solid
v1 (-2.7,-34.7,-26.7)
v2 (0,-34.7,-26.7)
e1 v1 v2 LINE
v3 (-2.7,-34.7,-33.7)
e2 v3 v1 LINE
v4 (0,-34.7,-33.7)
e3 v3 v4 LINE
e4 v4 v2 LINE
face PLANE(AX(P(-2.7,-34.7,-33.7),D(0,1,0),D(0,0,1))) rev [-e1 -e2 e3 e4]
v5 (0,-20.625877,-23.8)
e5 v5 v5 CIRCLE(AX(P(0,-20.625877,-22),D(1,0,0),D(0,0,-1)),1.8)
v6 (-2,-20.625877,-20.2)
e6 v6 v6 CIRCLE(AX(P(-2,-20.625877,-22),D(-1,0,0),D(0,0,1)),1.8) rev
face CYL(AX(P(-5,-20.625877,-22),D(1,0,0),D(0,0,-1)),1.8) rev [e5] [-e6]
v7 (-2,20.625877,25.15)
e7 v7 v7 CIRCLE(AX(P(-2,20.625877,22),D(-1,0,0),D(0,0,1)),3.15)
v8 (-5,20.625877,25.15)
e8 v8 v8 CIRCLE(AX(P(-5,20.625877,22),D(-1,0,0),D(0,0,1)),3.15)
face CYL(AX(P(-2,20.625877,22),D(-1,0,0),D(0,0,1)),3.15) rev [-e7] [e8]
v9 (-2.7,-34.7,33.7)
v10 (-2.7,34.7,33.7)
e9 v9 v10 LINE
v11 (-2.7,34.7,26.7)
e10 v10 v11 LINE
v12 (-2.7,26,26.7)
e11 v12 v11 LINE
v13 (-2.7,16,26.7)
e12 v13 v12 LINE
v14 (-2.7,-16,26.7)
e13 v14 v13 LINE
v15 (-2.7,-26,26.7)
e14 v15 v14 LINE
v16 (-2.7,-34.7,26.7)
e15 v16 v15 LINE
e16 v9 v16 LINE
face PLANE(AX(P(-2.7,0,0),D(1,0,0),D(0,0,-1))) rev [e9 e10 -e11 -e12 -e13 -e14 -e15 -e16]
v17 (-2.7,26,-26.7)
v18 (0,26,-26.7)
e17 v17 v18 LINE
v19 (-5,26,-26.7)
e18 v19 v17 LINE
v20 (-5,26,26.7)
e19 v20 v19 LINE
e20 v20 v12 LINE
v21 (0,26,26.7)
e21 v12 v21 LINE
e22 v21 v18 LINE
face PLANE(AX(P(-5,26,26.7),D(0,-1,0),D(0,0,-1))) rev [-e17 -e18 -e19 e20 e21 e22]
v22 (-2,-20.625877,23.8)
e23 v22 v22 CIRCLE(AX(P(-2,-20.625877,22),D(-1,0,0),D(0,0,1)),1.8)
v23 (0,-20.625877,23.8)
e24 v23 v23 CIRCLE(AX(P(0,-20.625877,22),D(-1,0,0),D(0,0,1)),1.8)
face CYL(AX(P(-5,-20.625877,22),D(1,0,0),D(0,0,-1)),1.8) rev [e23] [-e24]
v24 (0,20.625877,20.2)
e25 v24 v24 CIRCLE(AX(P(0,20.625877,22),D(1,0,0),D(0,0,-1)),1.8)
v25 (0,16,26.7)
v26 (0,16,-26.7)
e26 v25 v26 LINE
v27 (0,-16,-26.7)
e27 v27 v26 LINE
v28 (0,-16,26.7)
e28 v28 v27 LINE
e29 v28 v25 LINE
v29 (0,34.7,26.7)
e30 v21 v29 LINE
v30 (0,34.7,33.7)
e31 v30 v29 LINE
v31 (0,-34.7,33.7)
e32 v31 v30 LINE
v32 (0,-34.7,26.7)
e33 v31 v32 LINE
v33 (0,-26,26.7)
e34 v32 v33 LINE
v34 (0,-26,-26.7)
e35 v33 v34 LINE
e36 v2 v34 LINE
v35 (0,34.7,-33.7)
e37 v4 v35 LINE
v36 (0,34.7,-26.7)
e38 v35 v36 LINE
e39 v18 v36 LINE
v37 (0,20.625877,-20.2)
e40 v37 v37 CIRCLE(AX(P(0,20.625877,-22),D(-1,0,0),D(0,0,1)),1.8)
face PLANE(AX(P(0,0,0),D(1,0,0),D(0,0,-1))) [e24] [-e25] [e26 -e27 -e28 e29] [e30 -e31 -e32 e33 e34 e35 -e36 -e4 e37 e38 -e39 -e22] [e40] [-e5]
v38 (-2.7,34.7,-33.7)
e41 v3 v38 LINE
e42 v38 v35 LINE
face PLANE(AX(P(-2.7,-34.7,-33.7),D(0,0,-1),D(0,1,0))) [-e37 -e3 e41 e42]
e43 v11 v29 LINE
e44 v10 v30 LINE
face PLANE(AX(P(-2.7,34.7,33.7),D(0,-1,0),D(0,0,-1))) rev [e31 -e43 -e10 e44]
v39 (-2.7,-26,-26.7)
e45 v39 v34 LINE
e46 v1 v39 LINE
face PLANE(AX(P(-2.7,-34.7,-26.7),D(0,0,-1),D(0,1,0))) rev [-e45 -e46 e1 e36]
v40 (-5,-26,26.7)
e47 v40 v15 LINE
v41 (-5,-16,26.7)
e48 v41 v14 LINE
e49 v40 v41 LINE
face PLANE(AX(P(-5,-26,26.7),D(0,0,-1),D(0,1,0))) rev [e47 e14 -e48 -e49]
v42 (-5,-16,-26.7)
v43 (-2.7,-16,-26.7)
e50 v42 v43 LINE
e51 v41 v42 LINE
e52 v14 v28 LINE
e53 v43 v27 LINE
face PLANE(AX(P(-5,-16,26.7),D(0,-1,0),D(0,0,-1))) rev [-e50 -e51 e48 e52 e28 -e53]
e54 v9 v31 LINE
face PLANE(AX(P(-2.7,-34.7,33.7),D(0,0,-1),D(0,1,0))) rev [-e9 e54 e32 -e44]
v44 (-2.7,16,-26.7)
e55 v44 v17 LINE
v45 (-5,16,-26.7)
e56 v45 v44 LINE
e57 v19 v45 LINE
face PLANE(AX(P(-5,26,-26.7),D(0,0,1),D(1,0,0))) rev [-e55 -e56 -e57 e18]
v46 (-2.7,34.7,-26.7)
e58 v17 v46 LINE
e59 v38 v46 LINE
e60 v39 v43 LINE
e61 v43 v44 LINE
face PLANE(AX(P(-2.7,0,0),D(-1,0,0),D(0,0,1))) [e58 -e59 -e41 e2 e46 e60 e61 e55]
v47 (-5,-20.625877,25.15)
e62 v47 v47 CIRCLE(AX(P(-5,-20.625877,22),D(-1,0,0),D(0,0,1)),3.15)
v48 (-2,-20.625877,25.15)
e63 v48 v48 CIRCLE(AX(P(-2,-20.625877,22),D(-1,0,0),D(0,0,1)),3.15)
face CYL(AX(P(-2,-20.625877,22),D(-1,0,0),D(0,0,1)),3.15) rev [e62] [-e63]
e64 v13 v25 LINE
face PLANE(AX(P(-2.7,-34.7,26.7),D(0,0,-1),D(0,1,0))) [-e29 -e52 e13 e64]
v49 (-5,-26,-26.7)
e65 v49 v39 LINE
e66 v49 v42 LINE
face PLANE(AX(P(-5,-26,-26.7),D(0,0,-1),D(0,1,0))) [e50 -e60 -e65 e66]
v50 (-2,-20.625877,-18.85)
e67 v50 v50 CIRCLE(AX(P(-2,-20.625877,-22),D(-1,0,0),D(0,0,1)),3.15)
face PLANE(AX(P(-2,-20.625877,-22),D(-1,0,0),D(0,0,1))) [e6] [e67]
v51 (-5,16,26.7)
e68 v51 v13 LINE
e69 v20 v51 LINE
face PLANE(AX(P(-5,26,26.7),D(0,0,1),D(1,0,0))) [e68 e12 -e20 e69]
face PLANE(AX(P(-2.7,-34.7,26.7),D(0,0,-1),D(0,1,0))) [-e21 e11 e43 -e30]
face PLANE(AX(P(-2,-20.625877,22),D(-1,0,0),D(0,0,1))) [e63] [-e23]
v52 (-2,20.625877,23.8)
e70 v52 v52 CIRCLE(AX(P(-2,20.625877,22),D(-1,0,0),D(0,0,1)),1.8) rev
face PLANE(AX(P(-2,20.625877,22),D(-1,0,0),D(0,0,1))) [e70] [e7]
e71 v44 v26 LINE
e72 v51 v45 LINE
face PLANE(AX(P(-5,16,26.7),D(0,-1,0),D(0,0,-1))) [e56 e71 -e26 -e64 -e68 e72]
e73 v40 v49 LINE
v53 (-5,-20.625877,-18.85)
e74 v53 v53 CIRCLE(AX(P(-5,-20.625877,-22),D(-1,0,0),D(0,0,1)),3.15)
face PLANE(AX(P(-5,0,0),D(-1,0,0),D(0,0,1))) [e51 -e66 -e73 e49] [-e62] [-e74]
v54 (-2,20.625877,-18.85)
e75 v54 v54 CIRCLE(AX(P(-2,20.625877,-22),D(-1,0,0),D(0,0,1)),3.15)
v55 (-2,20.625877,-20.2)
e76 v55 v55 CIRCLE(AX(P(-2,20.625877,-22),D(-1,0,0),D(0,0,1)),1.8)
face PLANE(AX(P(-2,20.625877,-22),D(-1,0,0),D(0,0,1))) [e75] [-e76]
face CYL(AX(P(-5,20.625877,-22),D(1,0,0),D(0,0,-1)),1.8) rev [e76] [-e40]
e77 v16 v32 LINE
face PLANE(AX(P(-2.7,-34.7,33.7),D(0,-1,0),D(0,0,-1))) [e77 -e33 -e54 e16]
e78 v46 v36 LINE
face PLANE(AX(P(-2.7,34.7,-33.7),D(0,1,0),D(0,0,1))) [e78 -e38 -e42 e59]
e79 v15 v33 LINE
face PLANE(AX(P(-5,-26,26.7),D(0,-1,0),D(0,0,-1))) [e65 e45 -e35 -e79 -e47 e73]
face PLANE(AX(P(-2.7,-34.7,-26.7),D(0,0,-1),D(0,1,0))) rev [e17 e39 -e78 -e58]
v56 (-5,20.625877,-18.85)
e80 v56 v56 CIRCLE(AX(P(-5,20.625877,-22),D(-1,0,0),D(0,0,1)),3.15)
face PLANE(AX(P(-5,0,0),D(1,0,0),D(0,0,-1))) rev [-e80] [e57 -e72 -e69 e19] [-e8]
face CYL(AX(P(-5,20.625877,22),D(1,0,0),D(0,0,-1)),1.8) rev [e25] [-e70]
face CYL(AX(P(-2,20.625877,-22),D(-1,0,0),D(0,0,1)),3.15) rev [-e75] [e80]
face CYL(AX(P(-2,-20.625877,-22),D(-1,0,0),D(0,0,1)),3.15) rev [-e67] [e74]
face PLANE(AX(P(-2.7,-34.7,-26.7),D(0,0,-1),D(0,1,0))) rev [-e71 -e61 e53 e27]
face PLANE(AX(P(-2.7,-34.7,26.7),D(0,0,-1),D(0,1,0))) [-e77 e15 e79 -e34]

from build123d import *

# Parameters (mm, degrees)
SKETCH1_W             = 7
SKETCH1_H             = 69.4
BOSS_EXTRUDE1_DEPTH   = 2.7
BOSS_EXTRUDE1_2_DEPTH = 2.7
SKETCH1_7_W           = 53.4
SKETCH1_7_H           = 10
SKETCH1_7_R           = 1.8
BOSS_EXTRUDE2_DEPTH   = 5
SKETCH2_R             = 3.15
CUT_EXTRUDE1_DEPTH    = 3


with BuildPart() as part:
    # Sketch1 → Boss-Extrude1 (new body)
    with BuildSketch(Plane(origin=(0, 0, 0), x_dir=(0, 0, -1), z_dir=(1, 0, 0))):
        with Locations((-30.2, 0)):
            Rectangle(SKETCH1_W, SKETCH1_H)
    extrude(amount=-BOSS_EXTRUDE1_DEPTH)



with BuildPart() as body_2:
    # Sketch1 → Boss-Extrude1 2 (new body)
    with BuildSketch(Plane(origin=(0, 0, 0), x_dir=(0, 0, -1), z_dir=(1, 0, 0))):
        with Locations((30.2, 0)):
            Rectangle(SKETCH1_W, SKETCH1_H)
    extrude(amount=-BOSS_EXTRUDE1_2_DEPTH)


with BuildPart() as part_1:
    add(part.part)

    add(body_2.part)  # Boss-Extrude2 merges body 2
    # Sketch1<7> → Boss-Extrude2 (add)
    # profile 1 of 2: a face of its own
    with BuildSketch(Plane(origin=(0, 0, 0), x_dir=(0, 0, -1), z_dir=(1, 0, 0))):
        with Locations((0, 21)):
            Rectangle(SKETCH1_7_W, SKETCH1_7_H)
        with Locations((-22, 20.625876568)):
            Circle(SKETCH1_7_R, mode=Mode.SUBTRACT)
        with Locations((22, 20.625876568)):
            Circle(SKETCH1_7_R, mode=Mode.SUBTRACT)
    # profile 2 of 2: a face of its own
    with BuildSketch(Plane(origin=(0, 0, 0), x_dir=(0, 0, -1), z_dir=(1, 0, 0))):
        with Locations((0, -21)):
            Rectangle(SKETCH1_7_W, SKETCH1_7_H)
        with Locations((22, -20.625876568)):
            Circle(SKETCH1_7_R, mode=Mode.SUBTRACT)
        with Locations((-22, -20.625876568)):
            Circle(SKETCH1_7_R, mode=Mode.SUBTRACT)
    extrude(amount=-BOSS_EXTRUDE2_DEPTH)

    # Sketch2 → Cut-Extrude1 (cut)
    with BuildSketch(Plane.ZY.offset(5)):
        with Locations((-22, 20.625876568)):
            Circle(SKETCH2_R)
        with Locations((22, 20.625876568)):
            Circle(SKETCH2_R)
        with Locations((-22, -20.625876568)):
            Circle(SKETCH2_R)
        with Locations((22, -20.625876568)):
            Circle(SKETCH2_R)
    extrude(amount=-CUT_EXTRUDE1_DEPTH, mode=Mode.SUBTRACT)


solid = part_1.part
